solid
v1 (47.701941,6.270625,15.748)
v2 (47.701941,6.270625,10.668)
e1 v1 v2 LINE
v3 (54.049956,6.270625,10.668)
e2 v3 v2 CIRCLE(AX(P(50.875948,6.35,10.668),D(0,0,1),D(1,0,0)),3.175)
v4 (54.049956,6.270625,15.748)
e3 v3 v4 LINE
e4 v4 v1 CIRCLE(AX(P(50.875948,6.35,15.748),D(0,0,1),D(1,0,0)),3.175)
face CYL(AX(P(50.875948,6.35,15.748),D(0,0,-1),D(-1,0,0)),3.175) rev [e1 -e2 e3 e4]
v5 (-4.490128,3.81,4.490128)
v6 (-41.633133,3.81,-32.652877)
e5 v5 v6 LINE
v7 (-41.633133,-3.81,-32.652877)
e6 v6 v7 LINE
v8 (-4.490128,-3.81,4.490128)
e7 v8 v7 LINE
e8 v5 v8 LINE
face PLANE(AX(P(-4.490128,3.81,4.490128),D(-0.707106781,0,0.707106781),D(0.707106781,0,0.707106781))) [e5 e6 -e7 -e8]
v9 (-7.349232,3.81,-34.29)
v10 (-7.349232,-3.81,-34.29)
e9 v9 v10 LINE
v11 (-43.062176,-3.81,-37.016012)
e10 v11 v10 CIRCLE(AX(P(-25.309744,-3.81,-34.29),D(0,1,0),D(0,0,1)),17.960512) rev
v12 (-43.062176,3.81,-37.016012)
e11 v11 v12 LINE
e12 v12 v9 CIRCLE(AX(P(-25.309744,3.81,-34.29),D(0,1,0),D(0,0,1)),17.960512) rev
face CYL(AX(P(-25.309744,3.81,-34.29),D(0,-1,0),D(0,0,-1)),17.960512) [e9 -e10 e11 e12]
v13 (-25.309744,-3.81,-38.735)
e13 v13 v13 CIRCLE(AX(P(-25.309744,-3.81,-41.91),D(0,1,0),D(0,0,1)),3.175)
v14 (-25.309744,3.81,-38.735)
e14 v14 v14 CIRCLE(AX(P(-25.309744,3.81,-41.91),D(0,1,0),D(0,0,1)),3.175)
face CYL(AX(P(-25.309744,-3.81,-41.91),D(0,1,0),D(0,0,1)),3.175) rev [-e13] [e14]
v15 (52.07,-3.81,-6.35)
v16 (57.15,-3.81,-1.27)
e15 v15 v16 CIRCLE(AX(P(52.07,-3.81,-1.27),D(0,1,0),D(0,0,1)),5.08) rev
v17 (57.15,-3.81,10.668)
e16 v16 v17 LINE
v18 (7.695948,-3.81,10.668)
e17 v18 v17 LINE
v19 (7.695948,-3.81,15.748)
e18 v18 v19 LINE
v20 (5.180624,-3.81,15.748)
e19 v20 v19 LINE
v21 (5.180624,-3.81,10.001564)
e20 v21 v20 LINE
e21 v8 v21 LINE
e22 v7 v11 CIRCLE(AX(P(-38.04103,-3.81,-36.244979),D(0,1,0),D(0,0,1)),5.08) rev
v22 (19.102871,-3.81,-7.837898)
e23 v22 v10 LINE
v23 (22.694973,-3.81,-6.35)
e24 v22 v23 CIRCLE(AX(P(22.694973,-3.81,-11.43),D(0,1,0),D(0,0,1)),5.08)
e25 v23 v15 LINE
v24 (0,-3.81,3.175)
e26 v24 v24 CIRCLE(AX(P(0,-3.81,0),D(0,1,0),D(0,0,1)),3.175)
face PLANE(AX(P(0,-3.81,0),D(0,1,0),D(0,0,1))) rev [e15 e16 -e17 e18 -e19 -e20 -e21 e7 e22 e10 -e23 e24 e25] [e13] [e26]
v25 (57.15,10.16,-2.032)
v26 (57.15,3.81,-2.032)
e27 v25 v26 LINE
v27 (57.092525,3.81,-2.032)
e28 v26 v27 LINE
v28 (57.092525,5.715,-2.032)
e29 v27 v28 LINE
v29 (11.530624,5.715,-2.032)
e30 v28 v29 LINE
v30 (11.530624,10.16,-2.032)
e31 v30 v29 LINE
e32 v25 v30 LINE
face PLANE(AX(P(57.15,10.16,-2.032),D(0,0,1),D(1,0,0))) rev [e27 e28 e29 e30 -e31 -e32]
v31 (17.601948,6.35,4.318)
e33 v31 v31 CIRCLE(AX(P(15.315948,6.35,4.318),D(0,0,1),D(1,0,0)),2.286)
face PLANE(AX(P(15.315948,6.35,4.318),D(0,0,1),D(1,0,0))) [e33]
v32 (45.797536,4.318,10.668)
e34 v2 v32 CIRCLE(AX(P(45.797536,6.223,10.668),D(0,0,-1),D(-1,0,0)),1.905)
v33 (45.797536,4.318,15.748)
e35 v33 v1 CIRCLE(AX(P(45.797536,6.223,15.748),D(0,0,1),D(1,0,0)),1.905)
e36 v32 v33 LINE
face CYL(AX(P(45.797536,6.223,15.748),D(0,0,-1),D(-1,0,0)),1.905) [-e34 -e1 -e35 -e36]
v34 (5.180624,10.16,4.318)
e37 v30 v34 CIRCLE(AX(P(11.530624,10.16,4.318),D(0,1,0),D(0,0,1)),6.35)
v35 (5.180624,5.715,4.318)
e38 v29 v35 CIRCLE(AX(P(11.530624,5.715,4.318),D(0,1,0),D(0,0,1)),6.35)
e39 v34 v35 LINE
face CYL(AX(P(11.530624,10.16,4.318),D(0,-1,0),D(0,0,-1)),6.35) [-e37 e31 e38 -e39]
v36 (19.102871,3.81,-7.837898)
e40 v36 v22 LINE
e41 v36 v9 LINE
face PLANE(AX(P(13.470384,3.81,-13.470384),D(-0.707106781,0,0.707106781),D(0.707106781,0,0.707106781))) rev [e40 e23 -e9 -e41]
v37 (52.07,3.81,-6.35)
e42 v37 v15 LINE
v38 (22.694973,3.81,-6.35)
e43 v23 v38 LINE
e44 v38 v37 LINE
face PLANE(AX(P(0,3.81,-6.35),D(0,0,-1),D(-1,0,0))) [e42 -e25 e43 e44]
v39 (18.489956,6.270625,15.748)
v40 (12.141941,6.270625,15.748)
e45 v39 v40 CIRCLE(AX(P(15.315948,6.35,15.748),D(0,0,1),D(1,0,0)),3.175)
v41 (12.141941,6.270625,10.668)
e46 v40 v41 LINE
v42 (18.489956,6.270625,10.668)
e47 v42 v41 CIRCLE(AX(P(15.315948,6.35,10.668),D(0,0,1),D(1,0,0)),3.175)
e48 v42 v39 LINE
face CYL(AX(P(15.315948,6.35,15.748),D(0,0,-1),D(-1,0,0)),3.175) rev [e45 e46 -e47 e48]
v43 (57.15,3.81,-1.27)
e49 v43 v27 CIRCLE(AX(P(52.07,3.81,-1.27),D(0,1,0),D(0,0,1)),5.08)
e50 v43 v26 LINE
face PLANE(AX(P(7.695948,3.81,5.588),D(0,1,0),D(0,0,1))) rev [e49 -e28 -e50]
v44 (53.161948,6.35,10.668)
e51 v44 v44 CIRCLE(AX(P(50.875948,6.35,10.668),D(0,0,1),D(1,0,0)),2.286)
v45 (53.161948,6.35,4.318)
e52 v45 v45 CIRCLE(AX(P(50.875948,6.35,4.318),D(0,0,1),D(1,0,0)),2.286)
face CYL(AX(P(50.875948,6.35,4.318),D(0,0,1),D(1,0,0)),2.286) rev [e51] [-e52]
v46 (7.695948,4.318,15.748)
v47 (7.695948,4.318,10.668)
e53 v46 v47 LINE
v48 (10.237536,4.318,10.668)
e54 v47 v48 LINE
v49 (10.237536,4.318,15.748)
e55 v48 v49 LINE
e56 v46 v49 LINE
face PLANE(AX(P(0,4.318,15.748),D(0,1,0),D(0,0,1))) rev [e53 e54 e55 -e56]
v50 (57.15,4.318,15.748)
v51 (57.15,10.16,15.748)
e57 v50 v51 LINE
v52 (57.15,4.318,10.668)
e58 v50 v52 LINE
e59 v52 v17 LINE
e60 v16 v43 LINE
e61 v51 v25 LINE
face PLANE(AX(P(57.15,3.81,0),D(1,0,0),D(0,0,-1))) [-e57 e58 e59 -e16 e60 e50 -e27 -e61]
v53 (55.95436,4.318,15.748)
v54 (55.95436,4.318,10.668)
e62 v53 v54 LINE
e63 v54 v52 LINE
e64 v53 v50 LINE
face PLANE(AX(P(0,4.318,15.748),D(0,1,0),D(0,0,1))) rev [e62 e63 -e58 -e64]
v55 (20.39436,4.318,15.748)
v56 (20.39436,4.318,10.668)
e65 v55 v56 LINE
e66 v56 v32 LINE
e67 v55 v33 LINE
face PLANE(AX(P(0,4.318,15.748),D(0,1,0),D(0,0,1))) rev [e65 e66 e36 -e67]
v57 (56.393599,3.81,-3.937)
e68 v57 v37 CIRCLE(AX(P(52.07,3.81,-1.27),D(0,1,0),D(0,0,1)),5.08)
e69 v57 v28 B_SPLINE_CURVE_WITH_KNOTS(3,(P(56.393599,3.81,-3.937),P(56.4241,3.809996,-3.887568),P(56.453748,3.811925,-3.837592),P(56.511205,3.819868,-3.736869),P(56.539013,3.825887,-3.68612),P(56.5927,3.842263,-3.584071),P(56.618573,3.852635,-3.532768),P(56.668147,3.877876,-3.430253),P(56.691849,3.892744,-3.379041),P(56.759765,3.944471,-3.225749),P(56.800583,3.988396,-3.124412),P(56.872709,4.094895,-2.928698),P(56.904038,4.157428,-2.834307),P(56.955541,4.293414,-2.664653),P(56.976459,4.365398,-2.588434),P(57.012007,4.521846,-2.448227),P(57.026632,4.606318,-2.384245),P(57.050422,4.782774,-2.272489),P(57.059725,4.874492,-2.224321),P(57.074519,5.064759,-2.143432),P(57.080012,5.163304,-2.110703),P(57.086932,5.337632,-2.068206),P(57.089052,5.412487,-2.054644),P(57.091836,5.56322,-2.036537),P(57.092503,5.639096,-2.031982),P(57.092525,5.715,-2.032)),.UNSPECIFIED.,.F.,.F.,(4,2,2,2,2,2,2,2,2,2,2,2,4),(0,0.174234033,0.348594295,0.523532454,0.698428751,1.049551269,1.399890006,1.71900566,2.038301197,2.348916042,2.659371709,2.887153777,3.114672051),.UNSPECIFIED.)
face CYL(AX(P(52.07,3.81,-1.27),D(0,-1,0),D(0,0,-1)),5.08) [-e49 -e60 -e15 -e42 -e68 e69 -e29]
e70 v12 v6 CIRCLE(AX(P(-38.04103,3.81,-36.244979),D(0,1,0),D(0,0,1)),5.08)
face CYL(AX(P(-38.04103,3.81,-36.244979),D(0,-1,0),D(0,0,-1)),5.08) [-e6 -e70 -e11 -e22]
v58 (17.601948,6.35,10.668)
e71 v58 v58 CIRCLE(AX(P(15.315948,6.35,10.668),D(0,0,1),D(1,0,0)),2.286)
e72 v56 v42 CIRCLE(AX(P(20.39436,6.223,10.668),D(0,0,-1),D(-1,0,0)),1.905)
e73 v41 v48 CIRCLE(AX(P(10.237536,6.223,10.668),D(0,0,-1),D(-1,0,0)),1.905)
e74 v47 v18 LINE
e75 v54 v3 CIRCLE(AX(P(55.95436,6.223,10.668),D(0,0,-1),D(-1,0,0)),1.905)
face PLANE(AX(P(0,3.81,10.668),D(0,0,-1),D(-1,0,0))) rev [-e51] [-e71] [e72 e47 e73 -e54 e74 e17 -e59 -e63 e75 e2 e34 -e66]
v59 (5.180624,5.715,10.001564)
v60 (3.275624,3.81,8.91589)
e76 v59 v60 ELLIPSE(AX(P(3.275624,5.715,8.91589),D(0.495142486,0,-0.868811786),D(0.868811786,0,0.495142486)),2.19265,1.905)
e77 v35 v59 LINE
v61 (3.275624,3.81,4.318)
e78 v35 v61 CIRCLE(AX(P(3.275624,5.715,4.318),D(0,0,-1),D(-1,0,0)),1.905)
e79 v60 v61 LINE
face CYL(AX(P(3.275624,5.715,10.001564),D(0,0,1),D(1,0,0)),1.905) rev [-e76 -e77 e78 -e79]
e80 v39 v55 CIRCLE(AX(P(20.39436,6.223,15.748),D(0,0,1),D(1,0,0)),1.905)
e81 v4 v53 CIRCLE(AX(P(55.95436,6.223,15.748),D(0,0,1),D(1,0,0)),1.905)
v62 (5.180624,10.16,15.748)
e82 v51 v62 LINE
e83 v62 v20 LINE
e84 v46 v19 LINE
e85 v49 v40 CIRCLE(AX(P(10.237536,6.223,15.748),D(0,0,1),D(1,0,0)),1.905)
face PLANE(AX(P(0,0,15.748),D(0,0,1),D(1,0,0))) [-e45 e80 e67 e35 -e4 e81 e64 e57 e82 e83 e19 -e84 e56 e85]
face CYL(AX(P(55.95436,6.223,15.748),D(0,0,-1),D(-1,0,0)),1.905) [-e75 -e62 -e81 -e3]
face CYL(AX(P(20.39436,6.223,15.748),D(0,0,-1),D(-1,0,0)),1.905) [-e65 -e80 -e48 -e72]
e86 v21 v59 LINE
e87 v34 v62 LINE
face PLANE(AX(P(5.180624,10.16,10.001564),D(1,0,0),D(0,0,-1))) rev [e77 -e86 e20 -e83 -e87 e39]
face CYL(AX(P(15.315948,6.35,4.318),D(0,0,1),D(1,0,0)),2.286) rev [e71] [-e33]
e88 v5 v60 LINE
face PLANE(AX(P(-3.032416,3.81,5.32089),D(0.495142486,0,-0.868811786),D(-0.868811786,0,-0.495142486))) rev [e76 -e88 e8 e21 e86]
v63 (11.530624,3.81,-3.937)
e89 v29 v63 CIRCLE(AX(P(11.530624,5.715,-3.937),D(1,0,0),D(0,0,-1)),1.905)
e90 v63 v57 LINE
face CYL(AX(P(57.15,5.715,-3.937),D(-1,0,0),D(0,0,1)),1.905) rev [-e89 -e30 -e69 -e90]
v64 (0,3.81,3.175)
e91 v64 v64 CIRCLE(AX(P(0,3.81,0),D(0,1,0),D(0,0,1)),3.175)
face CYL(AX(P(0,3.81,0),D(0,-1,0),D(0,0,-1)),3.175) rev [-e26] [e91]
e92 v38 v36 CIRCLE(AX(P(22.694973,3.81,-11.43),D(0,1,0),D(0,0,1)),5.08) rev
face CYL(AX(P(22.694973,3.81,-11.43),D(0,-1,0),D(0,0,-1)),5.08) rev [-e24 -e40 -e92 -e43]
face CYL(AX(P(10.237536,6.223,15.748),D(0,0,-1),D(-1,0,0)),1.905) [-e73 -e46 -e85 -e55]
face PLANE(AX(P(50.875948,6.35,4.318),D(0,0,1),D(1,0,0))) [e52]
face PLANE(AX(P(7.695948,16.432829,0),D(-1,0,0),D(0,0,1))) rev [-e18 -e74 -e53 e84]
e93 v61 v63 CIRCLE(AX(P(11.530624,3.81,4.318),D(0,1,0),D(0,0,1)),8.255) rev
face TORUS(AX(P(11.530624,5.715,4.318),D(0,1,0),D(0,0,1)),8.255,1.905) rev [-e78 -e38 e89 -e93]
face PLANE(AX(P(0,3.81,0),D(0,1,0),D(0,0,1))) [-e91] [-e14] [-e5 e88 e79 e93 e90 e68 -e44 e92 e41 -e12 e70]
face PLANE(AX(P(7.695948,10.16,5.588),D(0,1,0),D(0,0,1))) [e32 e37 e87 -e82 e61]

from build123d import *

# Parameters (mm, degrees)
SKETCH1_R                       = 3.175
BOSS_EXTRUDE1_DEPTH             = 3.81
FILLET1_R                       = 5.08
SKETCH3_R                       = 3.175
CUT_EXTRUDE2_DEPTH              = 8.62
BOSS_EXTRUDE2_DEPTH             = 6.35
SKETCH6_R                       = 2.286
CUT_EXTRUDE3_DEPTH              = 6.35
BOSS_EXTRUDE3_DEPTH             = 5.08
FILLET2_R                       = 1.905
FILLET3_R                       = 1.905
BOSS_EXTRUDE4_REACH             = 8.35
BOSS_EXTRUDE4_DIRECTION_2_REACH = 9.62


with BuildPart() as part:
    # Sketch1 → Boss-Extrude1 (new body, symmetric)
    with BuildSketch(Plane(origin=(0, 0, 0), x_dir=(1, 0, 0), z_dir=(0, 1, 0))):
        with BuildLine():
            Line((-43.270256121, 34.29), (-4.490128061, -4.490128061))
            Line((-4.490128061, -4.490128061), (6.35, -10.668))
            Line((6.35, -10.668), (57.15, -10.668))
            Line((57.15, -10.668), (57.15, 6.35))
            Line((57.15, 6.35), (20.590768363, 6.35))
            Line((20.590768363, 6.35), (-7.349231637, 34.29))
            ThreePointArc((-7.349231637, 34.29), (-25.309743879, 52.250512242), (-43.270256121, 34.29))
        make_face()
        Circle(SKETCH1_R, mode=Mode.SUBTRACT)
    extrude(amount=BOSS_EXTRUDE1_DEPTH, both=True)

    # Fillet1
    fillet1_edges = [part.edges().sort_by_distance(p)[0] for p in [
        (-43.270256121, 0, -34.29),
        (20.590768363, 0, -6.35),
        (57.15, 0, -6.35),
        (6.35, 0, 10.668),
    ]]
    fillet(fillet1_edges, radius=FILLET1_R)

    # Sketch3 → Cut-Extrude2 (cut, through all)
    with BuildSketch(Plane(origin=(0, 3.81, 0), x_dir=(1, 0, 0), z_dir=(0, 1, 0))):
        with Locations((-25.309743879, 41.91)):
            Circle(SKETCH3_R)
    extrude(amount=-CUT_EXTRUDE2_DEPTH, mode=Mode.SUBTRACT)

    # Sketch4 → Boss-Extrude2 (add)
    with BuildSketch(Plane(origin=(0, 3.81, 0), x_dir=(1, 0, 0), z_dir=(0, 1, 0))):
        with BuildLine():
            Line((57.15, -10.668), (7.695948183, -10.668))
            ThreePointArc((7.695948183, -10.668), (6.394891779, -10.498565368), (5.180624356, -10.001563871))
            Line((5.180624356, -10.001563871), (5.180624356, -4.318))
            ThreePointArc((5.180624356, -4.318), (7.040496295, 0.172128061), (11.530624356, 2.032))
            Line((11.530624356, 2.032), (57.15, 2.032))
            Line((57.15, 2.032), (57.15, -10.668))
        make_face()
    extrude(amount=BOSS_EXTRUDE2_DEPTH)

    # Sketch6 → Cut-Extrude3 (cut)
    with BuildSketch(Plane.XY.offset(10.668)):
        with Locations((15.315948183, 6.35)):
            Circle(SKETCH6_R)
        with Locations((50.875948183, 6.35)):
            Circle(SKETCH6_R)
    extrude(amount=-CUT_EXTRUDE3_DEPTH, mode=Mode.SUBTRACT)

    # Sketch7 → Boss-Extrude3 (add)
    with BuildSketch(Plane.XY.offset(10.668)):
        with BuildLine():
            Line((57.15, 10.16), (7.695948183, 10.16))
            Line((7.695948183, 10.16), (7.695948183, 4.318))
            Line((7.695948183, 4.318), (12.876357848, 4.318))
            ThreePointArc((12.876357848, 4.318), (14.235456237, 9.335491945), (18.490948183, 6.35))
            ThreePointArc((18.490948183, 6.35), (18.301440128, 5.269508055), (17.755538517, 4.318))
            Line((17.755538517, 4.318), (48.436357848, 4.318))
            ThreePointArc((48.436357848, 4.318), (49.795456237, 9.335491945), (54.050948183, 6.35))
            ThreePointArc((54.050948183, 6.35), (53.861440128, 5.269508055), (53.315538517, 4.318))
            Line((53.315538517, 4.318), (57.15, 4.318))
            Line((57.15, 4.318), (57.15, 10.16))
        make_face()
    extrude(amount=BOSS_EXTRUDE3_DEPTH)

    # Fillet2
    fillet2_edges = [part.edges().sort_by_distance(p)[0] for p in [
        (53.315538517, 4.318, 13.208),
        (12.876357848, 4.318, 13.208),
        (17.755538517, 4.318, 13.208),
        (48.436357848, 4.318, 13.208),
    ]]
    fillet(fillet2_edges, radius=FILLET2_R)

    # Fillet3
    fillet3_edges = [part.edges().sort_by_distance(p)[0] for p in [
        (34.31157461, 3.81, -2.032),
        (7.040496295, 3.81, -0.172128061),
        (5.180624356, 3.81, 7.159781936),
    ]]
    fillet(fillet3_edges, radius=FILLET3_R)

    # Boss-Extrude4: up to this face of the body (flat: up to its plane)
    boss_extrude4_end = Plane(part.part.faces().sort_by_distance((31.766522001, 10.16, 6.837548853))[0])
    # Sketch8 → Boss-Extrude4 (add, up to the picked face)
    with BuildSketch(Plane(origin=(0, 3.81, 0), x_dir=(1, 0, 0), z_dir=(0, 1, 0)), mode=Mode.PRIVATE) as boss_extrude4_sk1:
        with BuildLine():
            Line((5.180624356, -15.748), (7.695948183, -15.748))
            Line((7.695948183, -15.748), (7.695948183, -10.668))
            ThreePointArc((7.695948183, -10.668), (6.394891779, -10.498565368), (5.180624356, -10.001563871))
            Line((5.180624356, -10.001563871), (5.180624356, -15.748))
        make_face()
    boss_extrude4_tool1 = split(extrude(boss_extrude4_sk1.sketch, amount=BOSS_EXTRUDE4_REACH, mode=Mode.PRIVATE), bisect_by=boss_extrude4_end, keep=Keep.BOTH, mode=Mode.PRIVATE)
    add(boss_extrude4_tool1.solids().sort_by_distance((6.412294, 3.81, 13.096367))[0])

    # Boss-Extrude4 direction 2: up to this face of the body (flat: up to its plane)
    boss_extrude4_direction_2_end = Plane(part.part.faces().sort_by_distance((1.392944323, -3.81, -15.281162376))[0])
    # Sketch8 → Boss-Extrude4 direction 2 (add, up to the picked face)
    with BuildSketch(Plane(origin=(0, 3.81, 0), x_dir=(1, 0, 0), z_dir=(0, 1, 0)), mode=Mode.PRIVATE) as boss_extrude4_direction_2_sk1:
        with BuildLine():
            Line((5.180624356, -15.748), (7.695948183, -15.748))
            Line((7.695948183, -15.748), (7.695948183, -10.668))
            ThreePointArc((7.695948183, -10.668), (6.394891779, -10.498565368), (5.180624356, -10.001563871))
            Line((5.180624356, -10.001563871), (5.180624356, -15.748))
        make_face()
    boss_extrude4_direction_2_tool1 = split(extrude(boss_extrude4_direction_2_sk1.sketch, amount=-BOSS_EXTRUDE4_DIRECTION_2_REACH, mode=Mode.PRIVATE), bisect_by=boss_extrude4_direction_2_end, keep=Keep.BOTH, mode=Mode.PRIVATE)
    add(boss_extrude4_direction_2_tool1.solids().sort_by_distance((6.412294, 3.81, 13.096367))[0])


solid = part.part
